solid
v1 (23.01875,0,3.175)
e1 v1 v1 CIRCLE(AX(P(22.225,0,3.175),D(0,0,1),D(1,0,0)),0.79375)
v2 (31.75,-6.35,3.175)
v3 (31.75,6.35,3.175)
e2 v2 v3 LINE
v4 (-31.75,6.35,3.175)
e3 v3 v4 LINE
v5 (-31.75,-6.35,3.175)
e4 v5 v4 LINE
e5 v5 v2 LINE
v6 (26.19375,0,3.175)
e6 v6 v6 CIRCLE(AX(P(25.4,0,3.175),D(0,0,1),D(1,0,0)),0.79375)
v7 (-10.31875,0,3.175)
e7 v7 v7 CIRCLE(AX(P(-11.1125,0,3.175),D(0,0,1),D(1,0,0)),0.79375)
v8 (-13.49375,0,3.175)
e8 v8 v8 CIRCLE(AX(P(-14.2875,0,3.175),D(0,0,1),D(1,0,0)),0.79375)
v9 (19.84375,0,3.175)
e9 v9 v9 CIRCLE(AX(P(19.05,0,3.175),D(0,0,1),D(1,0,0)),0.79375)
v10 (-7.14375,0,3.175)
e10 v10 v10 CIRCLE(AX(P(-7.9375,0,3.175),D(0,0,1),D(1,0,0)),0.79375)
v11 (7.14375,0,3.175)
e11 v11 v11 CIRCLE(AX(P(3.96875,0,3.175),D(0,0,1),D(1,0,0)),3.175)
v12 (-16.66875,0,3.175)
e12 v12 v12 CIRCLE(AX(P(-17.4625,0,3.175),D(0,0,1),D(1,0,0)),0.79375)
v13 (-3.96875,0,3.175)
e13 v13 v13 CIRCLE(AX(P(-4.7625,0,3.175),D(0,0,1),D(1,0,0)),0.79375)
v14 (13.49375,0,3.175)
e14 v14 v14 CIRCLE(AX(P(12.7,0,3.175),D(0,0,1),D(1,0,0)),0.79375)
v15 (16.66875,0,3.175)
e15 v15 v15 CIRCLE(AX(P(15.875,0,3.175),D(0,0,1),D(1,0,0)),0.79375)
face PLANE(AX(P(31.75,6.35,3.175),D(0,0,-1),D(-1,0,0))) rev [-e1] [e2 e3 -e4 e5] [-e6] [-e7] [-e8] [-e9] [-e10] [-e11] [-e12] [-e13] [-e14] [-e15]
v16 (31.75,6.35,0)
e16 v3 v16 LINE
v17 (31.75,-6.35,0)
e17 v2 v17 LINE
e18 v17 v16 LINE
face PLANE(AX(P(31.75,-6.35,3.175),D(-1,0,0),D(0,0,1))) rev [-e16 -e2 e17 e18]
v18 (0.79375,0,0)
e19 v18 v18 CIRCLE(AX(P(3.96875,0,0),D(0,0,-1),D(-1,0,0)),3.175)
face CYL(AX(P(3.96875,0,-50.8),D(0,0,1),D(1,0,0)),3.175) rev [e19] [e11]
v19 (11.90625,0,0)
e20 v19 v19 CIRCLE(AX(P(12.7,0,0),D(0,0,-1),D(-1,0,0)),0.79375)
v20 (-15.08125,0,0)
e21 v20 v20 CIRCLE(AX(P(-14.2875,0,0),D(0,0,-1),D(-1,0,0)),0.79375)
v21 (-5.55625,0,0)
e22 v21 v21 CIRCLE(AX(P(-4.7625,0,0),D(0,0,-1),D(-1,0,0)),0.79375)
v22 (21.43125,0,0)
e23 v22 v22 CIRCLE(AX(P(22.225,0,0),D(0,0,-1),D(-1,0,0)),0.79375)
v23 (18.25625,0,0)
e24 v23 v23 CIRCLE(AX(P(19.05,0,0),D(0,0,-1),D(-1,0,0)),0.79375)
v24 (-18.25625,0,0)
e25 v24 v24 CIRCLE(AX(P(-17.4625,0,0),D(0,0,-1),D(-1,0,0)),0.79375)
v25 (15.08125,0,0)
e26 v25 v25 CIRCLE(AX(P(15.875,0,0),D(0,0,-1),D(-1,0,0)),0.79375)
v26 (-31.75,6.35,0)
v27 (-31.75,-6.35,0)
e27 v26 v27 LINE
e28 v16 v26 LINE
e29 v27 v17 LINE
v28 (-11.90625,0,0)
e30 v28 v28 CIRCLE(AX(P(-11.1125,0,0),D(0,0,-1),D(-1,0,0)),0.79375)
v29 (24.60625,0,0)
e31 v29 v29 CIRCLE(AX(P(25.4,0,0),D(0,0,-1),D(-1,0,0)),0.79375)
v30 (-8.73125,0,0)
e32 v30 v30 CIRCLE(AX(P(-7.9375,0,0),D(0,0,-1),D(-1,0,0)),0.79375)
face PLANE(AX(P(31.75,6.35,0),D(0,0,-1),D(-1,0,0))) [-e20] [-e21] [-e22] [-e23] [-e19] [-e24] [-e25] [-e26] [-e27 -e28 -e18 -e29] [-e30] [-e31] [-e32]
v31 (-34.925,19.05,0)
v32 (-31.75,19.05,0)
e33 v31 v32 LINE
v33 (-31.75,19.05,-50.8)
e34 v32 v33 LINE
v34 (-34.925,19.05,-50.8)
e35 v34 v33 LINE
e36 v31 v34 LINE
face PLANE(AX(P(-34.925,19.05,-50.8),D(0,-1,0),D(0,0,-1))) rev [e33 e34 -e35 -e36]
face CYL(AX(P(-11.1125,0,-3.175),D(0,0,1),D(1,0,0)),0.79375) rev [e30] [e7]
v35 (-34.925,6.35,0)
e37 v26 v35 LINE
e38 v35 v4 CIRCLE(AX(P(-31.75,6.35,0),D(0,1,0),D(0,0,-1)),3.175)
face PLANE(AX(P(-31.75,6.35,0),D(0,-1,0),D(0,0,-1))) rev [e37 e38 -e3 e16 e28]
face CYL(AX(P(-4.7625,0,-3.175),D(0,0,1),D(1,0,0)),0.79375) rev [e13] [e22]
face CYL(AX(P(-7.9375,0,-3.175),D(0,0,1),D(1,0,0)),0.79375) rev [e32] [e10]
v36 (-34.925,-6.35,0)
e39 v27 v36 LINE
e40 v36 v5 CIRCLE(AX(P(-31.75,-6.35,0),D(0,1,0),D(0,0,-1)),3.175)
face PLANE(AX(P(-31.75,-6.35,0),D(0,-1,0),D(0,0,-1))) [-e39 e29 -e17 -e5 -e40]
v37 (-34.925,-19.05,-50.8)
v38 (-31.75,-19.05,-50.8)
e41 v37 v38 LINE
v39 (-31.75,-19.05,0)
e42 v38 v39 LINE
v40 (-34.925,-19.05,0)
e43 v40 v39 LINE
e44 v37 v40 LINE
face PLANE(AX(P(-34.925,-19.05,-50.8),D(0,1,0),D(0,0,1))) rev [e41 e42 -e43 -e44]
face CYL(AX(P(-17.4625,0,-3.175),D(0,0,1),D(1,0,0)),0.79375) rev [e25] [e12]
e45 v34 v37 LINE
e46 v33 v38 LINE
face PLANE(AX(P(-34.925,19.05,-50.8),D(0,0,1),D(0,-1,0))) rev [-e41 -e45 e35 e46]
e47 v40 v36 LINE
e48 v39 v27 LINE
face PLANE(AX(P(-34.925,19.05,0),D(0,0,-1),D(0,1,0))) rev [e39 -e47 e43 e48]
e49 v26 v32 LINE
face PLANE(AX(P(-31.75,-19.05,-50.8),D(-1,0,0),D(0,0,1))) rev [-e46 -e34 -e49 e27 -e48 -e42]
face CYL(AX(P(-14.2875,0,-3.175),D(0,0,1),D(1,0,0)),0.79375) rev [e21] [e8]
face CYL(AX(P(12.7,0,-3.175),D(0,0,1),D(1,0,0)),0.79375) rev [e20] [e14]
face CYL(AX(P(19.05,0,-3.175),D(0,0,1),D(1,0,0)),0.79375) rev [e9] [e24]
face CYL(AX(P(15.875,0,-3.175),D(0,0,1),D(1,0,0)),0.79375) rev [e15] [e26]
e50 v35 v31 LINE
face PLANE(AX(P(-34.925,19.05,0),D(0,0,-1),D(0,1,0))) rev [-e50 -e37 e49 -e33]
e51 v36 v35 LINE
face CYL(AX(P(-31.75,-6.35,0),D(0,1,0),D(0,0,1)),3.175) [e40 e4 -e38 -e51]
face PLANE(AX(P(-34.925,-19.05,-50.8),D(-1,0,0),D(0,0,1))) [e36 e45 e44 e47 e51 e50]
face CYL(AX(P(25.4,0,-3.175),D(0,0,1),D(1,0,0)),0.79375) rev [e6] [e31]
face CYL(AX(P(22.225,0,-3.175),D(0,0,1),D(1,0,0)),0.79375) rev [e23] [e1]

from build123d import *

# Parameters (mm, degrees)
SKETCH1_W           = 63.5
SKETCH1_H           = 12.7
BOSS_EXTRUDE1_DEPTH = 3.175
SKETCH2_W           = 50.8
SKETCH2_H           = 38.1
BOSS_EXTRUDE2_DEPTH = 3.175
BOSS_EXTRUDE3_DEPTH = 12.7
SKETCH3_R           = 0.79375
CUT_EXTRUDE1_DEPTH  = 6.35
LPATTERN1_COUNT     = 5
LPATTERN1_PITCH     = 3.175
SKETCH5_R           = 0.79375
CUT_EXTRUDE2_DEPTH  = 6.35
LPATTERN2_COUNT     = 5
LPATTERN2_PITCH     = 3.175
SKETCH6_R           = 3.175
CUT_EXTRUDE3_DEPTH  = 54.975


with BuildPart() as part:
    # Sketch1 → Boss-Extrude1 (new body)
    with BuildSketch(Plane.XY):
        Rectangle(SKETCH1_W, SKETCH1_H)
    extrude(amount=BOSS_EXTRUDE1_DEPTH)



with BuildPart() as body_2:
    # Sketch2 → Boss-Extrude2 (new body)
    with BuildSketch(Plane.ZY.offset(31.75)):
        with Locations((-25.4, 0)):
            Rectangle(SKETCH2_W, SKETCH2_H)
    extrude(amount=BOSS_EXTRUDE2_DEPTH)


with BuildPart() as part_1:
    add(part.part)

    add(body_2.part)  # Boss-Extrude3 merges body 2
    # Sketch4 → Boss-Extrude3 (add)
    with BuildSketch(Plane(origin=(0, 6.35, 0), x_dir=(1, 0, 0), z_dir=(0, 1, 0))):
        with BuildLine():
            Line((-34.925, 0), (-31.75, 0))
            Line((-31.75, 0), (-31.75, -3.175))
            ThreePointArc((-31.75, -3.175), (-33.99506403, -2.24506403), (-34.925, 0))
        make_face()
    extrude(amount=-BOSS_EXTRUDE3_DEPTH)

    # Sketch3 → Cut-Extrude1 (cut)
    with BuildSketch(Plane.XY.offset(3.175)):
        with Locations((25.4, 0)):
            Circle(SKETCH3_R)
    cut_extrude1 = extrude(amount=-CUT_EXTRUDE1_DEPTH, mode=Mode.SUBTRACT)

    # LPattern1: Cut-Extrude1 ×5
    with Locations(*[(-i * LPATTERN1_PITCH, 0, 0) for i in range(1, LPATTERN1_COUNT)]):
        add(cut_extrude1, mode=Mode.SUBTRACT)

    # Sketch5 → Cut-Extrude2 (cut)
    with BuildSketch(Plane.XY.offset(3.175)):
        with Locations((-4.7625, 0)):
            Circle(SKETCH5_R)
    cut_extrude2 = extrude(amount=-CUT_EXTRUDE2_DEPTH, mode=Mode.SUBTRACT)

    # LPattern2: Cut-Extrude2 ×5
    with Locations(*[(-i * LPATTERN2_PITCH, 0, 0) for i in range(1, LPATTERN2_COUNT)]):
        add(cut_extrude2, mode=Mode.SUBTRACT)

    # Sketch6 → Cut-Extrude3 (cut, through all)
    with BuildSketch(Plane.XY.offset(3.175)):
        with Locations((3.96875, 0)):
            Circle(SKETCH6_R)
    extrude(amount=-CUT_EXTRUDE3_DEPTH, mode=Mode.SUBTRACT)


solid = part_1.part
